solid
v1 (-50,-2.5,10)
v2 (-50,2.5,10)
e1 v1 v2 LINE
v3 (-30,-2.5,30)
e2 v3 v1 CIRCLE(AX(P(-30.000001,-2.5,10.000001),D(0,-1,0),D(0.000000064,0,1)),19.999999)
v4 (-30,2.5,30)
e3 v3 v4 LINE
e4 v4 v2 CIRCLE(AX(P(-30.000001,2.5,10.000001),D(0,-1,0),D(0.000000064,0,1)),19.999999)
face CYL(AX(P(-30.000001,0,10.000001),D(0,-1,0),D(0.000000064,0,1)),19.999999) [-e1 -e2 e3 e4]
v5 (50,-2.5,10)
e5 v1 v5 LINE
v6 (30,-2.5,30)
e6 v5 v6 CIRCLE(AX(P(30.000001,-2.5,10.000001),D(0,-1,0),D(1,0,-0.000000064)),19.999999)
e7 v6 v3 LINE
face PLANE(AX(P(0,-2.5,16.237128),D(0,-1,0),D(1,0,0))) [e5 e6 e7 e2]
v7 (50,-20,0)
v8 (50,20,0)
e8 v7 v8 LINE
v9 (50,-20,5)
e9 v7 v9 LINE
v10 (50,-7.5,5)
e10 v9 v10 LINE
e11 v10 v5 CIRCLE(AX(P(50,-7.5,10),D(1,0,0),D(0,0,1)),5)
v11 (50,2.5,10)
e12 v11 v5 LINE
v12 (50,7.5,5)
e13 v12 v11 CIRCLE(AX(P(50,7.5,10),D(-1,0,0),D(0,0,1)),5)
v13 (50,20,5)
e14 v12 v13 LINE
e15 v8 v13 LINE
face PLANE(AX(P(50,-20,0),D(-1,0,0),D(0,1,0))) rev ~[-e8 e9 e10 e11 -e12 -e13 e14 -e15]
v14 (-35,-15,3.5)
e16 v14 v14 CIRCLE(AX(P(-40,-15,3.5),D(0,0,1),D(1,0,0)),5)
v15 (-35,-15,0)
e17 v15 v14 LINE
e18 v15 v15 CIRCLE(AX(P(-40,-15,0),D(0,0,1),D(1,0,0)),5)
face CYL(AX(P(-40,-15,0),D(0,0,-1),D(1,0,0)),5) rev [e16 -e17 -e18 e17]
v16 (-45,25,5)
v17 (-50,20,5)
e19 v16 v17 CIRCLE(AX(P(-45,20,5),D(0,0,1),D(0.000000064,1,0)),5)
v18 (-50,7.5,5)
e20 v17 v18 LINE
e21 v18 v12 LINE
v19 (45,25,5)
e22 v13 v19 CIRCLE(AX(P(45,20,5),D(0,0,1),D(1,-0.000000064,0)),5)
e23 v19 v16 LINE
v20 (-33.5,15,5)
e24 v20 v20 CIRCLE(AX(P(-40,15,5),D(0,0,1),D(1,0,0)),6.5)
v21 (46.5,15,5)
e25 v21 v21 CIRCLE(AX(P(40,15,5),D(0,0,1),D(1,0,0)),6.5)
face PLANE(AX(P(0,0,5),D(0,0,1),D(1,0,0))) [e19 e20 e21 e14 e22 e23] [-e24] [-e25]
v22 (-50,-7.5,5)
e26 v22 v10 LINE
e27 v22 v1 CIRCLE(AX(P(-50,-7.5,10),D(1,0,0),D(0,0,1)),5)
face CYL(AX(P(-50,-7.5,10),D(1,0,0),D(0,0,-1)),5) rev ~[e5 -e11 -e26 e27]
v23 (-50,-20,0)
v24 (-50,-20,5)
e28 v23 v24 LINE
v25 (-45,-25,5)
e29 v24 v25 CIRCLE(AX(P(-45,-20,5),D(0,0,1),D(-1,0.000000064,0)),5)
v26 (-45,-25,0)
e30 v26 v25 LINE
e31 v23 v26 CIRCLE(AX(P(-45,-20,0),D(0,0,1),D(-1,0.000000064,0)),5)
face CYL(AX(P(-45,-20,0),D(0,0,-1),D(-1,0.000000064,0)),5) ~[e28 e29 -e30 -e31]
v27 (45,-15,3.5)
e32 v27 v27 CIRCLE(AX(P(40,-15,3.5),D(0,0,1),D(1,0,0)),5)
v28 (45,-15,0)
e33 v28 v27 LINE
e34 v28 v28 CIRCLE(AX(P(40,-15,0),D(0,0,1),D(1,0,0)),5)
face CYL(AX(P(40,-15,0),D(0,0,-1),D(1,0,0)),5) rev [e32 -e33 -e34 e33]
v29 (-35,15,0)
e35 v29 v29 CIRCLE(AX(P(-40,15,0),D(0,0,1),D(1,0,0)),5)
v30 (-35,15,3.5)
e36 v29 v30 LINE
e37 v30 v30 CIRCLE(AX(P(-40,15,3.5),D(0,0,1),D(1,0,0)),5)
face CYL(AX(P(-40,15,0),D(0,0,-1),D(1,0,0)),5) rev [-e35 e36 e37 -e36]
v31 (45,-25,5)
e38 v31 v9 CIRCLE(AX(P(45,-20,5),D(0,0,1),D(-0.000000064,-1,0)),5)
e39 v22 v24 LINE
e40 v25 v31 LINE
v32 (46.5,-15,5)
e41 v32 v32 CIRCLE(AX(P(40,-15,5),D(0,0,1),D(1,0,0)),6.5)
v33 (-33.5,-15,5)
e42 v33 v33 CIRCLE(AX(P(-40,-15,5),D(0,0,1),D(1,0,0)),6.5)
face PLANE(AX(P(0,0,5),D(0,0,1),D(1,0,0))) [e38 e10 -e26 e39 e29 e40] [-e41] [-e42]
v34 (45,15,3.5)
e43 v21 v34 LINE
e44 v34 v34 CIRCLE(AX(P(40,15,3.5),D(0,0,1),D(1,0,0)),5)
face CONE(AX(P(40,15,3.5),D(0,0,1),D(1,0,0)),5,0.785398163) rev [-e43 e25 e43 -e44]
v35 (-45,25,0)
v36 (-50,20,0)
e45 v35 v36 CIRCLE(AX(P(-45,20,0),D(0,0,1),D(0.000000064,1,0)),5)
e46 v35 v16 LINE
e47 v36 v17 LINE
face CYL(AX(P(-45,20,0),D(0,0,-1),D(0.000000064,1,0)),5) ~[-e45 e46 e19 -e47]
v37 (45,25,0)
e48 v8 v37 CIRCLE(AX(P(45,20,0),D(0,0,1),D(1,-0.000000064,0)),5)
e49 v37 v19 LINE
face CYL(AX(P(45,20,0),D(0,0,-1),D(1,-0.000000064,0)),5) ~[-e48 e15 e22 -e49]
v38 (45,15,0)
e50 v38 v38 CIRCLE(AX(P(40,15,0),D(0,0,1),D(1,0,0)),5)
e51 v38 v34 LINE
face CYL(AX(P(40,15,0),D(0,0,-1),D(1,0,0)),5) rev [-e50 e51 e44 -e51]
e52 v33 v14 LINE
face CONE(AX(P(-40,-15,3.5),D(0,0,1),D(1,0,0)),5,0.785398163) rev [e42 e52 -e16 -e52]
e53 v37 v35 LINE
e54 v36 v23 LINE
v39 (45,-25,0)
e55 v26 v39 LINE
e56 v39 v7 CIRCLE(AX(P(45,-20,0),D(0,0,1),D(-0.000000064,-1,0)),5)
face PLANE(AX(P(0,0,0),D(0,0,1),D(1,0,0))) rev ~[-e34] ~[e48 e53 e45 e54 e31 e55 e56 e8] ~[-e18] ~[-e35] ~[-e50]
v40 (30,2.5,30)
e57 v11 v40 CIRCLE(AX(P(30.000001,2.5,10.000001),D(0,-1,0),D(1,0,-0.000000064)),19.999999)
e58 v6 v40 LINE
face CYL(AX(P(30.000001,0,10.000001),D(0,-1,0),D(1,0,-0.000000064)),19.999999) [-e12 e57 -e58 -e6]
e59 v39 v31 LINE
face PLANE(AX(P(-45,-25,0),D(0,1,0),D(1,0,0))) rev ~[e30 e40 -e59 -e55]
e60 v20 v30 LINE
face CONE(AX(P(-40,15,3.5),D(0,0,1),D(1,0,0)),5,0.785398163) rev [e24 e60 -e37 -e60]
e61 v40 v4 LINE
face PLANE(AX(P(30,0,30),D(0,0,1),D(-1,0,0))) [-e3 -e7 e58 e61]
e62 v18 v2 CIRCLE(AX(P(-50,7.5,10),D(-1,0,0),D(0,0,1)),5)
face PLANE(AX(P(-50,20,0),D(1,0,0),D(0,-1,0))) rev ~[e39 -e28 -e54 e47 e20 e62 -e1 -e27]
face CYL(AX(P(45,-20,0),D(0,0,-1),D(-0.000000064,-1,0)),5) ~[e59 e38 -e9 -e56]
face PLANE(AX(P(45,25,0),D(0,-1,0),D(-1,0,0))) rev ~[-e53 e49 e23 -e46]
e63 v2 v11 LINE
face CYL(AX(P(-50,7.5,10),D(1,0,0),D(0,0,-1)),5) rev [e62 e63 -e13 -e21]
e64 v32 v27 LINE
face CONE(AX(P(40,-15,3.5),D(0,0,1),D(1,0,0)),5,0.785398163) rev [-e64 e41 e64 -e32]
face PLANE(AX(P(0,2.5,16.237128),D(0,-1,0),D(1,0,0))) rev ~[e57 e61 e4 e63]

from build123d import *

# Parameters (mm, degrees)
SKETCH_R     = 5
PAD_DEPTH    = 5
PAD001_DEPTH = 2.5
FILLET_R     = 5
CHAMFER_SIZE = 1.5


with BuildPart() as part:
    # Sketch → Pad (new body)
    with BuildSketch(Plane.XY):
        with BuildLine():
            Line((-50, 20), (-50, -20))
            ThreePointArc((-50, -20), (-48.535534, -23.535534), (-45, -25))
            Line((-45, -25), (45, -25))
            ThreePointArc((45, -25), (48.535534, -23.535534), (50, -20))
            Line((50, -20), (50, 20))
            ThreePointArc((50, 20), (48.535534, 23.535534), (45, 25))
            Line((45, 25), (-45, 25))
            ThreePointArc((-45, 25), (-48.535534, 23.535534), (-50, 20))
        make_face()
        with Locations((-40, 15)):
            Circle(SKETCH_R, mode=Mode.SUBTRACT)
        with Locations((40, 15)):
            Circle(SKETCH_R, mode=Mode.SUBTRACT)
        with Locations((40, -15)):
            Circle(SKETCH_R, mode=Mode.SUBTRACT)
        with Locations((-40, -15)):
            Circle(SKETCH_R, mode=Mode.SUBTRACT)
    extrude(amount=PAD_DEPTH)

    # Sketch001 → Pad001 (join, symmetric)
    with BuildSketch(Plane.XZ):
        with BuildLine():
            Line((-50, 10), (-50, 5))
            Line((-50, 5), (50, 5))
            Line((50, 5), (50, 10))
            ThreePointArc((50, 10), (44.142136, 24.142136), (30, 30))
            Line((30, 30), (-30, 30))
            ThreePointArc((-30, 30), (-44.142136, 24.142136), (-50, 10))
        make_face()
    extrude(amount=PAD001_DEPTH, both=True)

    # Fillet
    fillet_edges = [part.edges().sort_by_distance(p)[0] for p in [
        (0, -2.5, 5),
        (0, 2.5, 5),
    ]]
    fillet(fillet_edges, radius=FILLET_R)

    # Chamfer
    chamfer_edges = [part.edges().sort_by_distance(p)[0] for p in [
        (35, 15, 5),
        (-45, 15, 5),
        (35, -15, 5),
        (-45, -15, 5),
    ]]
    chamfer(chamfer_edges, length=CHAMFER_SIZE)


solid = part.part
